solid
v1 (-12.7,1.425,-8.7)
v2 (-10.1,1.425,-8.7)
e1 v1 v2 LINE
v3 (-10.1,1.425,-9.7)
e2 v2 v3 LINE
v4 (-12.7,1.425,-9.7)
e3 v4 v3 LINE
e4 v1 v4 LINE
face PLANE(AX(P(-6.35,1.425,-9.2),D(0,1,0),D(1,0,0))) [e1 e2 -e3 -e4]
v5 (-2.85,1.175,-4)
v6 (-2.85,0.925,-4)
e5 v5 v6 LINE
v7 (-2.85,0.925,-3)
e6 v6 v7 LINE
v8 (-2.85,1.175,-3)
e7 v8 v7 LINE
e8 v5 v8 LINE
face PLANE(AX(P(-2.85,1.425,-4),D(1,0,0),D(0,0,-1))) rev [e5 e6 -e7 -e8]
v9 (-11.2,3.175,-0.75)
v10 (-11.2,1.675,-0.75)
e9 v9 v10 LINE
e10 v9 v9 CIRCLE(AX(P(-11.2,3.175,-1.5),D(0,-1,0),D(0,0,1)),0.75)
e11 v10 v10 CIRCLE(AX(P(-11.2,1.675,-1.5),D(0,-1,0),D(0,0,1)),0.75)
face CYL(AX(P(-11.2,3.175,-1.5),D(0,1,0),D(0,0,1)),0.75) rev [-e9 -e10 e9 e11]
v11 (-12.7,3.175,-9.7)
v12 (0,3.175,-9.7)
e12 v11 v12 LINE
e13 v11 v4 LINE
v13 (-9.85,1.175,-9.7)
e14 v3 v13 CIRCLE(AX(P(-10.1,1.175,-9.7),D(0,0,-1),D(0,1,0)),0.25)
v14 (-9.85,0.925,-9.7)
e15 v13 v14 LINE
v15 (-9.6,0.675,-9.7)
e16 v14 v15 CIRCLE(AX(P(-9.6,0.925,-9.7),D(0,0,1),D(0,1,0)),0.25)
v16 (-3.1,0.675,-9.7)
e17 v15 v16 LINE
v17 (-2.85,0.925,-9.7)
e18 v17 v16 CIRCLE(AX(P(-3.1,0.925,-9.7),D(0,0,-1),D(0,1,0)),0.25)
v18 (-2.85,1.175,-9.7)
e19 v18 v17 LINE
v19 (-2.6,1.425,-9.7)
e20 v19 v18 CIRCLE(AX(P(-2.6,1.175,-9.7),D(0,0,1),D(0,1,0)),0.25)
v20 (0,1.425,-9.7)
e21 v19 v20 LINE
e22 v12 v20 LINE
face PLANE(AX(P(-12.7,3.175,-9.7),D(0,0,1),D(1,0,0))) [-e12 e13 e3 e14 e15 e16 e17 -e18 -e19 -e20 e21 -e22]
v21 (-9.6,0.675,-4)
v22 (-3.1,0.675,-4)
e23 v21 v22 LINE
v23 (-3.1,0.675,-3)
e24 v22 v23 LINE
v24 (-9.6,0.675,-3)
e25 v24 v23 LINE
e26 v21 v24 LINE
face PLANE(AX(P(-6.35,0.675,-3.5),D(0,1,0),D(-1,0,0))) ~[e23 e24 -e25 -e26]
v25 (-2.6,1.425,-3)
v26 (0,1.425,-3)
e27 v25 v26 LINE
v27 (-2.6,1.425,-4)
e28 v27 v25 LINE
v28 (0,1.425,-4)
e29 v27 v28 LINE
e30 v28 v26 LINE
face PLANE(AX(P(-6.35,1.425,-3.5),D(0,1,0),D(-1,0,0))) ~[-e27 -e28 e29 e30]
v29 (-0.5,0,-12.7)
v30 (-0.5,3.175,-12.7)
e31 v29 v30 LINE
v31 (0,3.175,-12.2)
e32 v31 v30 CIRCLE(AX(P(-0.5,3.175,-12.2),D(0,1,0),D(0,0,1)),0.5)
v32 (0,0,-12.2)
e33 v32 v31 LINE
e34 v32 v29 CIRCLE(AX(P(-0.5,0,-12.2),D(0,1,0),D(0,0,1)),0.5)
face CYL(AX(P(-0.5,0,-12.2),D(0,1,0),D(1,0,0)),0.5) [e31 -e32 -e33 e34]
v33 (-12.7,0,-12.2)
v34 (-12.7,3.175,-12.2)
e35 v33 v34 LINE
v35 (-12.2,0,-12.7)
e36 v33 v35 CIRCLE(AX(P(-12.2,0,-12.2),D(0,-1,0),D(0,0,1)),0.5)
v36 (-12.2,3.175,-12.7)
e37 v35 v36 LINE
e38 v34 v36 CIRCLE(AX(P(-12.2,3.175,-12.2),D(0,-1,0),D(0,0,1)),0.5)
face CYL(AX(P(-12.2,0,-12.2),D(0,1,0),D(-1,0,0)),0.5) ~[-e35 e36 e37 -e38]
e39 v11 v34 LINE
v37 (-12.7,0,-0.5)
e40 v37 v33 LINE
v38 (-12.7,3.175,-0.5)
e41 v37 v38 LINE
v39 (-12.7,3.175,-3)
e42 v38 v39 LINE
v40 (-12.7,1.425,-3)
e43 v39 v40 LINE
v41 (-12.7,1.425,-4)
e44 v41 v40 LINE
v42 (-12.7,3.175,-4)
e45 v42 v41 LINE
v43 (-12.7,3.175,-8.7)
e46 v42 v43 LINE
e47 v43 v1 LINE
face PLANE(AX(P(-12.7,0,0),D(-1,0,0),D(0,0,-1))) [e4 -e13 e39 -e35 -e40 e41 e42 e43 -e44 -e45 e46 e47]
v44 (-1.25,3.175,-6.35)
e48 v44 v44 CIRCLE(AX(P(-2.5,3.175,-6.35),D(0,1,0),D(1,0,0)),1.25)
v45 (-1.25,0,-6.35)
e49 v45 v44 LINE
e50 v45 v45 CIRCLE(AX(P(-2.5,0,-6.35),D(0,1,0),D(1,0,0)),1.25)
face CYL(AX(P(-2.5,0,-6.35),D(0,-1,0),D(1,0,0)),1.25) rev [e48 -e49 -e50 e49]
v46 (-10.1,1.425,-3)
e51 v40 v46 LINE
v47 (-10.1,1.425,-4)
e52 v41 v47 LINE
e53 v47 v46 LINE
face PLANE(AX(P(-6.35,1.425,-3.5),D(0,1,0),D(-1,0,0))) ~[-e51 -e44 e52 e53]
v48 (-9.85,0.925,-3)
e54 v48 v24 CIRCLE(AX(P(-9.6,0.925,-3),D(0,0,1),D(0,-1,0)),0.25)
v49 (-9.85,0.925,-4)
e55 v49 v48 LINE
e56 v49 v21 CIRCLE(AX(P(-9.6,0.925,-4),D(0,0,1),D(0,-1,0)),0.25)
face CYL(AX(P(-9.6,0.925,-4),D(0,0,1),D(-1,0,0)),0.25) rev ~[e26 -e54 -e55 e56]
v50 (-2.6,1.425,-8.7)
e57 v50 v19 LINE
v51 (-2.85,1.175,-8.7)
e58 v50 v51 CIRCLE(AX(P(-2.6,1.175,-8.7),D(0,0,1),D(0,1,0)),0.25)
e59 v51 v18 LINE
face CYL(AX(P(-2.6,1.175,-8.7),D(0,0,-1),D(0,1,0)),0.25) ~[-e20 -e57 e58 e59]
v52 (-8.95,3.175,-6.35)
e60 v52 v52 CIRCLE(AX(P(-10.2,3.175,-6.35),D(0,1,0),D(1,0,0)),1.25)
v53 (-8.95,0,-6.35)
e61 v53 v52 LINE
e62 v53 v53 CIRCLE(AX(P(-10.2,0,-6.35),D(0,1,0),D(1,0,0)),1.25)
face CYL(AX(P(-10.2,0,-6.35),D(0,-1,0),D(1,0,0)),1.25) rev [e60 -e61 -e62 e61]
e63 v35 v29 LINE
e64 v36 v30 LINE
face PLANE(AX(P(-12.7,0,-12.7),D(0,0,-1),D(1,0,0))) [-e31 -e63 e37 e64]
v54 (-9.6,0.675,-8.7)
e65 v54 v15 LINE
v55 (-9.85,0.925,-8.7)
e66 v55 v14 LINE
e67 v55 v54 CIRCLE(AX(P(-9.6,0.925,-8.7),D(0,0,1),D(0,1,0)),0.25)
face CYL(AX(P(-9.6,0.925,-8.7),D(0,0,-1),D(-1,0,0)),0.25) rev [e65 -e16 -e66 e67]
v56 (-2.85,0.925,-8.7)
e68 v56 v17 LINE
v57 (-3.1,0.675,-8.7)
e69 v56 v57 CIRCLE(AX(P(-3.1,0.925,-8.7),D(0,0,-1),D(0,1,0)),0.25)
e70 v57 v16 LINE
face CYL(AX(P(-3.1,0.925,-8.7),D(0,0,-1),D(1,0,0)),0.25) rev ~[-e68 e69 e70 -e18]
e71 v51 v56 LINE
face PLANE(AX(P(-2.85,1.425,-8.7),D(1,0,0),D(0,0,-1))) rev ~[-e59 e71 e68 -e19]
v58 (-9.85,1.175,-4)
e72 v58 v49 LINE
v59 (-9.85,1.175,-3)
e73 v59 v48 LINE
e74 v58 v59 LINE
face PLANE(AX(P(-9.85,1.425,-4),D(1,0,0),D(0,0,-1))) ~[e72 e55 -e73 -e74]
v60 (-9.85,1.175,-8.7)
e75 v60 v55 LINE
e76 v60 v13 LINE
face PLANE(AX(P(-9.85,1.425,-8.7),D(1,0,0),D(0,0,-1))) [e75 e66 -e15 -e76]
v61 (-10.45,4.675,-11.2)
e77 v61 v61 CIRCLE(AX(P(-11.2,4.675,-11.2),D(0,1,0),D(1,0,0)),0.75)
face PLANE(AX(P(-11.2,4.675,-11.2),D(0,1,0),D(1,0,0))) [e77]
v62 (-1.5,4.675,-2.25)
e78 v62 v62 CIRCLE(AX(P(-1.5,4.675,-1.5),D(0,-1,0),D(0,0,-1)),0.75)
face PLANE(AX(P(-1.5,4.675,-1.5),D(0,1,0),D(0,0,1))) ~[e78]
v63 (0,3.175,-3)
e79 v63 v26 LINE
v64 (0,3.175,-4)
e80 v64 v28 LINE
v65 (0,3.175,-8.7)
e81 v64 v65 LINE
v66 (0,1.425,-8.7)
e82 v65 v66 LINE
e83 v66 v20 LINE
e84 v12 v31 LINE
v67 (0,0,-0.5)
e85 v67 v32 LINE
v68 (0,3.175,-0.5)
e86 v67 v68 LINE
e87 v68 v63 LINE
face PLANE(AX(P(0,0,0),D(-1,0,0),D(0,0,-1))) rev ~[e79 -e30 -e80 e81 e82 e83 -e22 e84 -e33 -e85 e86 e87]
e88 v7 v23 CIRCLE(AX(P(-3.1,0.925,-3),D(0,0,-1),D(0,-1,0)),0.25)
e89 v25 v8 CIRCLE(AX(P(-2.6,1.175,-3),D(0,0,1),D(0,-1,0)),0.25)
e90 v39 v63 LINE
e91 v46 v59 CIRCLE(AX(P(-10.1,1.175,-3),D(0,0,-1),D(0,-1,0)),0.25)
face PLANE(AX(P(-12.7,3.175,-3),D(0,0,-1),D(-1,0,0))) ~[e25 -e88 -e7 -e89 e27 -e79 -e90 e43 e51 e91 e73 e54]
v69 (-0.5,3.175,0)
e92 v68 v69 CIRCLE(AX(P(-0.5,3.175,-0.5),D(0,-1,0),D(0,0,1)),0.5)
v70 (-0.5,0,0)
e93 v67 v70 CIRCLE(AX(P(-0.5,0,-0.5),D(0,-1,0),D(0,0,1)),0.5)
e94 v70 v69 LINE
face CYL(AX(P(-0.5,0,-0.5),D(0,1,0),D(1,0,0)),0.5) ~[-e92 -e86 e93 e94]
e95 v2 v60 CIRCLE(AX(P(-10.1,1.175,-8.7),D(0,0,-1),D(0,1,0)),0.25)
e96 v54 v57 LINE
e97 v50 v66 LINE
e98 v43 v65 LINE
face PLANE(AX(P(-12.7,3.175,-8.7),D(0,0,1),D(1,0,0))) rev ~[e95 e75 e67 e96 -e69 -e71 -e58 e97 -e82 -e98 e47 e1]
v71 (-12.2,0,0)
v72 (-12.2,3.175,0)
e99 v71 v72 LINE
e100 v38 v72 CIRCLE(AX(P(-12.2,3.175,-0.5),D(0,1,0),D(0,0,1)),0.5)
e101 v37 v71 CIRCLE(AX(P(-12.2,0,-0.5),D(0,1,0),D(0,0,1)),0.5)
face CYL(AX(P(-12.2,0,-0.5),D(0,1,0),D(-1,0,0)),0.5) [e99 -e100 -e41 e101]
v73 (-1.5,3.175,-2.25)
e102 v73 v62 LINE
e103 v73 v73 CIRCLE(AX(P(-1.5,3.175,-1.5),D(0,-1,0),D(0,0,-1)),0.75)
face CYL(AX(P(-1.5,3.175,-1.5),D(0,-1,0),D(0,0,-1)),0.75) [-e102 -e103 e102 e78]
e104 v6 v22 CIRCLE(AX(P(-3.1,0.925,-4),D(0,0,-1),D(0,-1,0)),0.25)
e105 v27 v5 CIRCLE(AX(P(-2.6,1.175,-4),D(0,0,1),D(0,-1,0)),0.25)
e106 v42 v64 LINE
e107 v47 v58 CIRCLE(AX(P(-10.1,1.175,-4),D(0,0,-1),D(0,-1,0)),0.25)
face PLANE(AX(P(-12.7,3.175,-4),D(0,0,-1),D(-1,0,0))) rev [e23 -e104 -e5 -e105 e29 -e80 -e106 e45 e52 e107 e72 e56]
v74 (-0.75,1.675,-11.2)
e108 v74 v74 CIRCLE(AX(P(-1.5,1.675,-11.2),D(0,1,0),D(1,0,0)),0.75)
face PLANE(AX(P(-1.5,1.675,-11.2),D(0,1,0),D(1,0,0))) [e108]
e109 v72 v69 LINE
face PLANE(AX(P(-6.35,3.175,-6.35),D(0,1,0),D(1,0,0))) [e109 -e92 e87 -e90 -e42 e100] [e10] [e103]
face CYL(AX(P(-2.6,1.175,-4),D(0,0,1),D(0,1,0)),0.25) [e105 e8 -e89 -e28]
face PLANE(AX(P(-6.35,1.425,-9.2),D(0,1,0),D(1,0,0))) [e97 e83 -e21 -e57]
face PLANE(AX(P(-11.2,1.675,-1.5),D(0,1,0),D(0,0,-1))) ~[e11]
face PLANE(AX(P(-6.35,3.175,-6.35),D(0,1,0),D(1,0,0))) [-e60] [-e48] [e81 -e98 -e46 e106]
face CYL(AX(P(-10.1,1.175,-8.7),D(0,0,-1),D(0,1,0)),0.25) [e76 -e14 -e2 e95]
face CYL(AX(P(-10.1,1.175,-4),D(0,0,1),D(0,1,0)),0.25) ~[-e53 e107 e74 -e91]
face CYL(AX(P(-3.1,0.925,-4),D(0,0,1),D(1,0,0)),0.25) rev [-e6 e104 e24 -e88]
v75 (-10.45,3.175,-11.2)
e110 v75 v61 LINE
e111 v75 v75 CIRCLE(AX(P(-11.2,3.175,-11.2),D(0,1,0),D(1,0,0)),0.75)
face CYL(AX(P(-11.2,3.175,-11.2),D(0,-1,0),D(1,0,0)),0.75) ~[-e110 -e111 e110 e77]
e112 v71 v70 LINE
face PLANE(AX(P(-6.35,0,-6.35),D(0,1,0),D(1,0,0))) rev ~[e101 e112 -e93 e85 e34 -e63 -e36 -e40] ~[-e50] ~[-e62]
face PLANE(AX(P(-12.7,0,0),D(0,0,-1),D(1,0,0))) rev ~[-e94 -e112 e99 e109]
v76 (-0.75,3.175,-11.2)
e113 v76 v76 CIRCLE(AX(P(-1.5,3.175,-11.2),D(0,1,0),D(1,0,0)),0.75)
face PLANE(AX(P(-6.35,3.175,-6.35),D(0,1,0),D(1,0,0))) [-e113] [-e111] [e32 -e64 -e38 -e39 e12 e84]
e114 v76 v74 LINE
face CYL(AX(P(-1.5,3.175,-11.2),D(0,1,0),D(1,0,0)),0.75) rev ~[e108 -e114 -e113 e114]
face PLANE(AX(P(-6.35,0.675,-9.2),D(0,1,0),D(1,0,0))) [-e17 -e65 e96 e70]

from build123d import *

# Parameters (mm, degrees)
SKETCH1_W            = 12.7
SKETCH1_H            = 12.7
SKETCH1_R            = 1.25
BOSS_EXTRUDE1_DEPTH  = 3.175
SKETCH2_R            = 0.75
BOSS_EXTRUDE2_DEPTH  = 1.5
SKETCH3_R            = 0.75
CUT_EXTRUDE1_DEPTH   = 1.5
SKETCH4_W            = 12.7
SKETCH4_H            = 1
CUT_EXTRUDE2_DEPTH   = 1.75
SKETCH5_W            = 7
SKETCH5_H            = 1
CUT_EXTRUDE3_DEPTH   = 0.75
FILLET1_R            = 0.25
FILLET2_R            = 0.5
FILLET1_OF_MIRROR3_R = 0.25


with BuildPart() as part:
    # Sketch1 → Boss-Extrude1 (new body)
    with BuildSketch(Plane(origin=(0, 0, 0), x_dir=(1, 0, 0), z_dir=(0, 1, 0))):
        with Locations((-6.35, 6.35)):
            Rectangle(SKETCH1_W, SKETCH1_H)
        with Locations((-2.5, 6.35)):
            Circle(SKETCH1_R, mode=Mode.SUBTRACT)
        with Locations((-10.2, 6.35)):
            Circle(SKETCH1_R, mode=Mode.SUBTRACT)
    extrude(amount=BOSS_EXTRUDE1_DEPTH)

    # Sketch2 → Boss-Extrude2 (add)
    with BuildSketch(Plane(origin=(0, 3.175, 0), x_dir=(1, 0, 0), z_dir=(0, 1, 0))):
        with Locations((-11.2, 11.2)):
            Circle(SKETCH2_R)
    boss_extrude2 = extrude(amount=BOSS_EXTRUDE2_DEPTH)

    # Sketch3 → Cut-Extrude1 (cut)
    with BuildSketch(Plane(origin=(0, 3.175, 0), x_dir=(1, 0, 0), z_dir=(0, 1, 0))):
        with Locations((-1.5, 11.2)):
            Circle(SKETCH3_R)
    cut_extrude1 = extrude(amount=-CUT_EXTRUDE1_DEPTH, mode=Mode.SUBTRACT)

    # Mirror1: Boss-Extrude2 across plane
    add(boss_extrude2.mirror(Plane(origin=(-6.35, 0, -6.35), x_dir=(-0.707106781, 0, 0.707106781), z_dir=(-0.707106781, 0, -0.707106781))))

    # Mirror2: Cut-Extrude1 across plane
    add(cut_extrude1.mirror(Plane(origin=(0, 0, 0), x_dir=(0.707106781, 0, 0.707106781), z_dir=(-0.707106781, 0, 0.707106781))), mode=Mode.SUBTRACT)

    # Sketch4 → Cut-Extrude2 (cut)
    with BuildSketch(Plane(origin=(0, 3.175, 0), x_dir=(1, 0, 0), z_dir=(0, 1, 0))):
        with Locations((-6.35, 9.2)):
            Rectangle(SKETCH4_W, SKETCH4_H)
    cut_extrude2 = extrude(amount=-CUT_EXTRUDE2_DEPTH, mode=Mode.SUBTRACT)

    # Sketch5 → Cut-Extrude3 (cut)
    with BuildSketch(Plane(origin=(0, 1.425, 0), x_dir=(1, 0, 0), z_dir=(0, 1, 0))):
        with Locations((-6.35, 9.2)):
            Rectangle(SKETCH5_W, SKETCH5_H)
    cut_extrude3 = extrude(amount=-CUT_EXTRUDE3_DEPTH, mode=Mode.SUBTRACT)

    # Fillet1
    fillet1_edges = [part.edges().sort_by_distance(p)[0] for p in [
        (-9.85, 0.675, -9.2),
        (-2.85, 0.675, -9.2),
        (-9.85, 1.425, -9.2),
        (-2.85, 1.425, -9.2),
    ]]
    fillet(fillet1_edges, radius=FILLET1_R)

    # Fillet2
    fillet2_edges = [part.edges().sort_by_distance(p)[0] for p in [
        (0, 1.5875, 0),
        (-12.7, 1.5875, 0),
        (-12.7, 1.5875, -12.7),
        (0, 1.5875, -12.7),
    ]]
    fillet(fillet2_edges, radius=FILLET2_R)

    # Mirror3: Cut-Extrude2, Cut-Extrude3 across plane
    add(cut_extrude2.mirror(Plane(origin=(0, 0, -6.35), x_dir=(1, 0, 0), z_dir=(0, 0, -1))), mode=Mode.SUBTRACT)
    add(cut_extrude3.mirror(Plane(origin=(0, 0, -6.35), x_dir=(1, 0, 0), z_dir=(0, 0, -1))), mode=Mode.SUBTRACT)

    # Fillet1 of Mirror3
    fillet1_of_mirror3_edges = [part.edges().sort_by_distance(p)[0] for p in [
        (-9.85, 0.675, -3.5),
        (-2.85, 0.675, -3.5),
        (-9.85, 1.425, -3.5),
        (-2.85, 1.425, -3.5),
    ]]
    fillet(fillet1_of_mirror3_edges, radius=FILLET1_OF_MIRROR3_R)


solid = part.part
